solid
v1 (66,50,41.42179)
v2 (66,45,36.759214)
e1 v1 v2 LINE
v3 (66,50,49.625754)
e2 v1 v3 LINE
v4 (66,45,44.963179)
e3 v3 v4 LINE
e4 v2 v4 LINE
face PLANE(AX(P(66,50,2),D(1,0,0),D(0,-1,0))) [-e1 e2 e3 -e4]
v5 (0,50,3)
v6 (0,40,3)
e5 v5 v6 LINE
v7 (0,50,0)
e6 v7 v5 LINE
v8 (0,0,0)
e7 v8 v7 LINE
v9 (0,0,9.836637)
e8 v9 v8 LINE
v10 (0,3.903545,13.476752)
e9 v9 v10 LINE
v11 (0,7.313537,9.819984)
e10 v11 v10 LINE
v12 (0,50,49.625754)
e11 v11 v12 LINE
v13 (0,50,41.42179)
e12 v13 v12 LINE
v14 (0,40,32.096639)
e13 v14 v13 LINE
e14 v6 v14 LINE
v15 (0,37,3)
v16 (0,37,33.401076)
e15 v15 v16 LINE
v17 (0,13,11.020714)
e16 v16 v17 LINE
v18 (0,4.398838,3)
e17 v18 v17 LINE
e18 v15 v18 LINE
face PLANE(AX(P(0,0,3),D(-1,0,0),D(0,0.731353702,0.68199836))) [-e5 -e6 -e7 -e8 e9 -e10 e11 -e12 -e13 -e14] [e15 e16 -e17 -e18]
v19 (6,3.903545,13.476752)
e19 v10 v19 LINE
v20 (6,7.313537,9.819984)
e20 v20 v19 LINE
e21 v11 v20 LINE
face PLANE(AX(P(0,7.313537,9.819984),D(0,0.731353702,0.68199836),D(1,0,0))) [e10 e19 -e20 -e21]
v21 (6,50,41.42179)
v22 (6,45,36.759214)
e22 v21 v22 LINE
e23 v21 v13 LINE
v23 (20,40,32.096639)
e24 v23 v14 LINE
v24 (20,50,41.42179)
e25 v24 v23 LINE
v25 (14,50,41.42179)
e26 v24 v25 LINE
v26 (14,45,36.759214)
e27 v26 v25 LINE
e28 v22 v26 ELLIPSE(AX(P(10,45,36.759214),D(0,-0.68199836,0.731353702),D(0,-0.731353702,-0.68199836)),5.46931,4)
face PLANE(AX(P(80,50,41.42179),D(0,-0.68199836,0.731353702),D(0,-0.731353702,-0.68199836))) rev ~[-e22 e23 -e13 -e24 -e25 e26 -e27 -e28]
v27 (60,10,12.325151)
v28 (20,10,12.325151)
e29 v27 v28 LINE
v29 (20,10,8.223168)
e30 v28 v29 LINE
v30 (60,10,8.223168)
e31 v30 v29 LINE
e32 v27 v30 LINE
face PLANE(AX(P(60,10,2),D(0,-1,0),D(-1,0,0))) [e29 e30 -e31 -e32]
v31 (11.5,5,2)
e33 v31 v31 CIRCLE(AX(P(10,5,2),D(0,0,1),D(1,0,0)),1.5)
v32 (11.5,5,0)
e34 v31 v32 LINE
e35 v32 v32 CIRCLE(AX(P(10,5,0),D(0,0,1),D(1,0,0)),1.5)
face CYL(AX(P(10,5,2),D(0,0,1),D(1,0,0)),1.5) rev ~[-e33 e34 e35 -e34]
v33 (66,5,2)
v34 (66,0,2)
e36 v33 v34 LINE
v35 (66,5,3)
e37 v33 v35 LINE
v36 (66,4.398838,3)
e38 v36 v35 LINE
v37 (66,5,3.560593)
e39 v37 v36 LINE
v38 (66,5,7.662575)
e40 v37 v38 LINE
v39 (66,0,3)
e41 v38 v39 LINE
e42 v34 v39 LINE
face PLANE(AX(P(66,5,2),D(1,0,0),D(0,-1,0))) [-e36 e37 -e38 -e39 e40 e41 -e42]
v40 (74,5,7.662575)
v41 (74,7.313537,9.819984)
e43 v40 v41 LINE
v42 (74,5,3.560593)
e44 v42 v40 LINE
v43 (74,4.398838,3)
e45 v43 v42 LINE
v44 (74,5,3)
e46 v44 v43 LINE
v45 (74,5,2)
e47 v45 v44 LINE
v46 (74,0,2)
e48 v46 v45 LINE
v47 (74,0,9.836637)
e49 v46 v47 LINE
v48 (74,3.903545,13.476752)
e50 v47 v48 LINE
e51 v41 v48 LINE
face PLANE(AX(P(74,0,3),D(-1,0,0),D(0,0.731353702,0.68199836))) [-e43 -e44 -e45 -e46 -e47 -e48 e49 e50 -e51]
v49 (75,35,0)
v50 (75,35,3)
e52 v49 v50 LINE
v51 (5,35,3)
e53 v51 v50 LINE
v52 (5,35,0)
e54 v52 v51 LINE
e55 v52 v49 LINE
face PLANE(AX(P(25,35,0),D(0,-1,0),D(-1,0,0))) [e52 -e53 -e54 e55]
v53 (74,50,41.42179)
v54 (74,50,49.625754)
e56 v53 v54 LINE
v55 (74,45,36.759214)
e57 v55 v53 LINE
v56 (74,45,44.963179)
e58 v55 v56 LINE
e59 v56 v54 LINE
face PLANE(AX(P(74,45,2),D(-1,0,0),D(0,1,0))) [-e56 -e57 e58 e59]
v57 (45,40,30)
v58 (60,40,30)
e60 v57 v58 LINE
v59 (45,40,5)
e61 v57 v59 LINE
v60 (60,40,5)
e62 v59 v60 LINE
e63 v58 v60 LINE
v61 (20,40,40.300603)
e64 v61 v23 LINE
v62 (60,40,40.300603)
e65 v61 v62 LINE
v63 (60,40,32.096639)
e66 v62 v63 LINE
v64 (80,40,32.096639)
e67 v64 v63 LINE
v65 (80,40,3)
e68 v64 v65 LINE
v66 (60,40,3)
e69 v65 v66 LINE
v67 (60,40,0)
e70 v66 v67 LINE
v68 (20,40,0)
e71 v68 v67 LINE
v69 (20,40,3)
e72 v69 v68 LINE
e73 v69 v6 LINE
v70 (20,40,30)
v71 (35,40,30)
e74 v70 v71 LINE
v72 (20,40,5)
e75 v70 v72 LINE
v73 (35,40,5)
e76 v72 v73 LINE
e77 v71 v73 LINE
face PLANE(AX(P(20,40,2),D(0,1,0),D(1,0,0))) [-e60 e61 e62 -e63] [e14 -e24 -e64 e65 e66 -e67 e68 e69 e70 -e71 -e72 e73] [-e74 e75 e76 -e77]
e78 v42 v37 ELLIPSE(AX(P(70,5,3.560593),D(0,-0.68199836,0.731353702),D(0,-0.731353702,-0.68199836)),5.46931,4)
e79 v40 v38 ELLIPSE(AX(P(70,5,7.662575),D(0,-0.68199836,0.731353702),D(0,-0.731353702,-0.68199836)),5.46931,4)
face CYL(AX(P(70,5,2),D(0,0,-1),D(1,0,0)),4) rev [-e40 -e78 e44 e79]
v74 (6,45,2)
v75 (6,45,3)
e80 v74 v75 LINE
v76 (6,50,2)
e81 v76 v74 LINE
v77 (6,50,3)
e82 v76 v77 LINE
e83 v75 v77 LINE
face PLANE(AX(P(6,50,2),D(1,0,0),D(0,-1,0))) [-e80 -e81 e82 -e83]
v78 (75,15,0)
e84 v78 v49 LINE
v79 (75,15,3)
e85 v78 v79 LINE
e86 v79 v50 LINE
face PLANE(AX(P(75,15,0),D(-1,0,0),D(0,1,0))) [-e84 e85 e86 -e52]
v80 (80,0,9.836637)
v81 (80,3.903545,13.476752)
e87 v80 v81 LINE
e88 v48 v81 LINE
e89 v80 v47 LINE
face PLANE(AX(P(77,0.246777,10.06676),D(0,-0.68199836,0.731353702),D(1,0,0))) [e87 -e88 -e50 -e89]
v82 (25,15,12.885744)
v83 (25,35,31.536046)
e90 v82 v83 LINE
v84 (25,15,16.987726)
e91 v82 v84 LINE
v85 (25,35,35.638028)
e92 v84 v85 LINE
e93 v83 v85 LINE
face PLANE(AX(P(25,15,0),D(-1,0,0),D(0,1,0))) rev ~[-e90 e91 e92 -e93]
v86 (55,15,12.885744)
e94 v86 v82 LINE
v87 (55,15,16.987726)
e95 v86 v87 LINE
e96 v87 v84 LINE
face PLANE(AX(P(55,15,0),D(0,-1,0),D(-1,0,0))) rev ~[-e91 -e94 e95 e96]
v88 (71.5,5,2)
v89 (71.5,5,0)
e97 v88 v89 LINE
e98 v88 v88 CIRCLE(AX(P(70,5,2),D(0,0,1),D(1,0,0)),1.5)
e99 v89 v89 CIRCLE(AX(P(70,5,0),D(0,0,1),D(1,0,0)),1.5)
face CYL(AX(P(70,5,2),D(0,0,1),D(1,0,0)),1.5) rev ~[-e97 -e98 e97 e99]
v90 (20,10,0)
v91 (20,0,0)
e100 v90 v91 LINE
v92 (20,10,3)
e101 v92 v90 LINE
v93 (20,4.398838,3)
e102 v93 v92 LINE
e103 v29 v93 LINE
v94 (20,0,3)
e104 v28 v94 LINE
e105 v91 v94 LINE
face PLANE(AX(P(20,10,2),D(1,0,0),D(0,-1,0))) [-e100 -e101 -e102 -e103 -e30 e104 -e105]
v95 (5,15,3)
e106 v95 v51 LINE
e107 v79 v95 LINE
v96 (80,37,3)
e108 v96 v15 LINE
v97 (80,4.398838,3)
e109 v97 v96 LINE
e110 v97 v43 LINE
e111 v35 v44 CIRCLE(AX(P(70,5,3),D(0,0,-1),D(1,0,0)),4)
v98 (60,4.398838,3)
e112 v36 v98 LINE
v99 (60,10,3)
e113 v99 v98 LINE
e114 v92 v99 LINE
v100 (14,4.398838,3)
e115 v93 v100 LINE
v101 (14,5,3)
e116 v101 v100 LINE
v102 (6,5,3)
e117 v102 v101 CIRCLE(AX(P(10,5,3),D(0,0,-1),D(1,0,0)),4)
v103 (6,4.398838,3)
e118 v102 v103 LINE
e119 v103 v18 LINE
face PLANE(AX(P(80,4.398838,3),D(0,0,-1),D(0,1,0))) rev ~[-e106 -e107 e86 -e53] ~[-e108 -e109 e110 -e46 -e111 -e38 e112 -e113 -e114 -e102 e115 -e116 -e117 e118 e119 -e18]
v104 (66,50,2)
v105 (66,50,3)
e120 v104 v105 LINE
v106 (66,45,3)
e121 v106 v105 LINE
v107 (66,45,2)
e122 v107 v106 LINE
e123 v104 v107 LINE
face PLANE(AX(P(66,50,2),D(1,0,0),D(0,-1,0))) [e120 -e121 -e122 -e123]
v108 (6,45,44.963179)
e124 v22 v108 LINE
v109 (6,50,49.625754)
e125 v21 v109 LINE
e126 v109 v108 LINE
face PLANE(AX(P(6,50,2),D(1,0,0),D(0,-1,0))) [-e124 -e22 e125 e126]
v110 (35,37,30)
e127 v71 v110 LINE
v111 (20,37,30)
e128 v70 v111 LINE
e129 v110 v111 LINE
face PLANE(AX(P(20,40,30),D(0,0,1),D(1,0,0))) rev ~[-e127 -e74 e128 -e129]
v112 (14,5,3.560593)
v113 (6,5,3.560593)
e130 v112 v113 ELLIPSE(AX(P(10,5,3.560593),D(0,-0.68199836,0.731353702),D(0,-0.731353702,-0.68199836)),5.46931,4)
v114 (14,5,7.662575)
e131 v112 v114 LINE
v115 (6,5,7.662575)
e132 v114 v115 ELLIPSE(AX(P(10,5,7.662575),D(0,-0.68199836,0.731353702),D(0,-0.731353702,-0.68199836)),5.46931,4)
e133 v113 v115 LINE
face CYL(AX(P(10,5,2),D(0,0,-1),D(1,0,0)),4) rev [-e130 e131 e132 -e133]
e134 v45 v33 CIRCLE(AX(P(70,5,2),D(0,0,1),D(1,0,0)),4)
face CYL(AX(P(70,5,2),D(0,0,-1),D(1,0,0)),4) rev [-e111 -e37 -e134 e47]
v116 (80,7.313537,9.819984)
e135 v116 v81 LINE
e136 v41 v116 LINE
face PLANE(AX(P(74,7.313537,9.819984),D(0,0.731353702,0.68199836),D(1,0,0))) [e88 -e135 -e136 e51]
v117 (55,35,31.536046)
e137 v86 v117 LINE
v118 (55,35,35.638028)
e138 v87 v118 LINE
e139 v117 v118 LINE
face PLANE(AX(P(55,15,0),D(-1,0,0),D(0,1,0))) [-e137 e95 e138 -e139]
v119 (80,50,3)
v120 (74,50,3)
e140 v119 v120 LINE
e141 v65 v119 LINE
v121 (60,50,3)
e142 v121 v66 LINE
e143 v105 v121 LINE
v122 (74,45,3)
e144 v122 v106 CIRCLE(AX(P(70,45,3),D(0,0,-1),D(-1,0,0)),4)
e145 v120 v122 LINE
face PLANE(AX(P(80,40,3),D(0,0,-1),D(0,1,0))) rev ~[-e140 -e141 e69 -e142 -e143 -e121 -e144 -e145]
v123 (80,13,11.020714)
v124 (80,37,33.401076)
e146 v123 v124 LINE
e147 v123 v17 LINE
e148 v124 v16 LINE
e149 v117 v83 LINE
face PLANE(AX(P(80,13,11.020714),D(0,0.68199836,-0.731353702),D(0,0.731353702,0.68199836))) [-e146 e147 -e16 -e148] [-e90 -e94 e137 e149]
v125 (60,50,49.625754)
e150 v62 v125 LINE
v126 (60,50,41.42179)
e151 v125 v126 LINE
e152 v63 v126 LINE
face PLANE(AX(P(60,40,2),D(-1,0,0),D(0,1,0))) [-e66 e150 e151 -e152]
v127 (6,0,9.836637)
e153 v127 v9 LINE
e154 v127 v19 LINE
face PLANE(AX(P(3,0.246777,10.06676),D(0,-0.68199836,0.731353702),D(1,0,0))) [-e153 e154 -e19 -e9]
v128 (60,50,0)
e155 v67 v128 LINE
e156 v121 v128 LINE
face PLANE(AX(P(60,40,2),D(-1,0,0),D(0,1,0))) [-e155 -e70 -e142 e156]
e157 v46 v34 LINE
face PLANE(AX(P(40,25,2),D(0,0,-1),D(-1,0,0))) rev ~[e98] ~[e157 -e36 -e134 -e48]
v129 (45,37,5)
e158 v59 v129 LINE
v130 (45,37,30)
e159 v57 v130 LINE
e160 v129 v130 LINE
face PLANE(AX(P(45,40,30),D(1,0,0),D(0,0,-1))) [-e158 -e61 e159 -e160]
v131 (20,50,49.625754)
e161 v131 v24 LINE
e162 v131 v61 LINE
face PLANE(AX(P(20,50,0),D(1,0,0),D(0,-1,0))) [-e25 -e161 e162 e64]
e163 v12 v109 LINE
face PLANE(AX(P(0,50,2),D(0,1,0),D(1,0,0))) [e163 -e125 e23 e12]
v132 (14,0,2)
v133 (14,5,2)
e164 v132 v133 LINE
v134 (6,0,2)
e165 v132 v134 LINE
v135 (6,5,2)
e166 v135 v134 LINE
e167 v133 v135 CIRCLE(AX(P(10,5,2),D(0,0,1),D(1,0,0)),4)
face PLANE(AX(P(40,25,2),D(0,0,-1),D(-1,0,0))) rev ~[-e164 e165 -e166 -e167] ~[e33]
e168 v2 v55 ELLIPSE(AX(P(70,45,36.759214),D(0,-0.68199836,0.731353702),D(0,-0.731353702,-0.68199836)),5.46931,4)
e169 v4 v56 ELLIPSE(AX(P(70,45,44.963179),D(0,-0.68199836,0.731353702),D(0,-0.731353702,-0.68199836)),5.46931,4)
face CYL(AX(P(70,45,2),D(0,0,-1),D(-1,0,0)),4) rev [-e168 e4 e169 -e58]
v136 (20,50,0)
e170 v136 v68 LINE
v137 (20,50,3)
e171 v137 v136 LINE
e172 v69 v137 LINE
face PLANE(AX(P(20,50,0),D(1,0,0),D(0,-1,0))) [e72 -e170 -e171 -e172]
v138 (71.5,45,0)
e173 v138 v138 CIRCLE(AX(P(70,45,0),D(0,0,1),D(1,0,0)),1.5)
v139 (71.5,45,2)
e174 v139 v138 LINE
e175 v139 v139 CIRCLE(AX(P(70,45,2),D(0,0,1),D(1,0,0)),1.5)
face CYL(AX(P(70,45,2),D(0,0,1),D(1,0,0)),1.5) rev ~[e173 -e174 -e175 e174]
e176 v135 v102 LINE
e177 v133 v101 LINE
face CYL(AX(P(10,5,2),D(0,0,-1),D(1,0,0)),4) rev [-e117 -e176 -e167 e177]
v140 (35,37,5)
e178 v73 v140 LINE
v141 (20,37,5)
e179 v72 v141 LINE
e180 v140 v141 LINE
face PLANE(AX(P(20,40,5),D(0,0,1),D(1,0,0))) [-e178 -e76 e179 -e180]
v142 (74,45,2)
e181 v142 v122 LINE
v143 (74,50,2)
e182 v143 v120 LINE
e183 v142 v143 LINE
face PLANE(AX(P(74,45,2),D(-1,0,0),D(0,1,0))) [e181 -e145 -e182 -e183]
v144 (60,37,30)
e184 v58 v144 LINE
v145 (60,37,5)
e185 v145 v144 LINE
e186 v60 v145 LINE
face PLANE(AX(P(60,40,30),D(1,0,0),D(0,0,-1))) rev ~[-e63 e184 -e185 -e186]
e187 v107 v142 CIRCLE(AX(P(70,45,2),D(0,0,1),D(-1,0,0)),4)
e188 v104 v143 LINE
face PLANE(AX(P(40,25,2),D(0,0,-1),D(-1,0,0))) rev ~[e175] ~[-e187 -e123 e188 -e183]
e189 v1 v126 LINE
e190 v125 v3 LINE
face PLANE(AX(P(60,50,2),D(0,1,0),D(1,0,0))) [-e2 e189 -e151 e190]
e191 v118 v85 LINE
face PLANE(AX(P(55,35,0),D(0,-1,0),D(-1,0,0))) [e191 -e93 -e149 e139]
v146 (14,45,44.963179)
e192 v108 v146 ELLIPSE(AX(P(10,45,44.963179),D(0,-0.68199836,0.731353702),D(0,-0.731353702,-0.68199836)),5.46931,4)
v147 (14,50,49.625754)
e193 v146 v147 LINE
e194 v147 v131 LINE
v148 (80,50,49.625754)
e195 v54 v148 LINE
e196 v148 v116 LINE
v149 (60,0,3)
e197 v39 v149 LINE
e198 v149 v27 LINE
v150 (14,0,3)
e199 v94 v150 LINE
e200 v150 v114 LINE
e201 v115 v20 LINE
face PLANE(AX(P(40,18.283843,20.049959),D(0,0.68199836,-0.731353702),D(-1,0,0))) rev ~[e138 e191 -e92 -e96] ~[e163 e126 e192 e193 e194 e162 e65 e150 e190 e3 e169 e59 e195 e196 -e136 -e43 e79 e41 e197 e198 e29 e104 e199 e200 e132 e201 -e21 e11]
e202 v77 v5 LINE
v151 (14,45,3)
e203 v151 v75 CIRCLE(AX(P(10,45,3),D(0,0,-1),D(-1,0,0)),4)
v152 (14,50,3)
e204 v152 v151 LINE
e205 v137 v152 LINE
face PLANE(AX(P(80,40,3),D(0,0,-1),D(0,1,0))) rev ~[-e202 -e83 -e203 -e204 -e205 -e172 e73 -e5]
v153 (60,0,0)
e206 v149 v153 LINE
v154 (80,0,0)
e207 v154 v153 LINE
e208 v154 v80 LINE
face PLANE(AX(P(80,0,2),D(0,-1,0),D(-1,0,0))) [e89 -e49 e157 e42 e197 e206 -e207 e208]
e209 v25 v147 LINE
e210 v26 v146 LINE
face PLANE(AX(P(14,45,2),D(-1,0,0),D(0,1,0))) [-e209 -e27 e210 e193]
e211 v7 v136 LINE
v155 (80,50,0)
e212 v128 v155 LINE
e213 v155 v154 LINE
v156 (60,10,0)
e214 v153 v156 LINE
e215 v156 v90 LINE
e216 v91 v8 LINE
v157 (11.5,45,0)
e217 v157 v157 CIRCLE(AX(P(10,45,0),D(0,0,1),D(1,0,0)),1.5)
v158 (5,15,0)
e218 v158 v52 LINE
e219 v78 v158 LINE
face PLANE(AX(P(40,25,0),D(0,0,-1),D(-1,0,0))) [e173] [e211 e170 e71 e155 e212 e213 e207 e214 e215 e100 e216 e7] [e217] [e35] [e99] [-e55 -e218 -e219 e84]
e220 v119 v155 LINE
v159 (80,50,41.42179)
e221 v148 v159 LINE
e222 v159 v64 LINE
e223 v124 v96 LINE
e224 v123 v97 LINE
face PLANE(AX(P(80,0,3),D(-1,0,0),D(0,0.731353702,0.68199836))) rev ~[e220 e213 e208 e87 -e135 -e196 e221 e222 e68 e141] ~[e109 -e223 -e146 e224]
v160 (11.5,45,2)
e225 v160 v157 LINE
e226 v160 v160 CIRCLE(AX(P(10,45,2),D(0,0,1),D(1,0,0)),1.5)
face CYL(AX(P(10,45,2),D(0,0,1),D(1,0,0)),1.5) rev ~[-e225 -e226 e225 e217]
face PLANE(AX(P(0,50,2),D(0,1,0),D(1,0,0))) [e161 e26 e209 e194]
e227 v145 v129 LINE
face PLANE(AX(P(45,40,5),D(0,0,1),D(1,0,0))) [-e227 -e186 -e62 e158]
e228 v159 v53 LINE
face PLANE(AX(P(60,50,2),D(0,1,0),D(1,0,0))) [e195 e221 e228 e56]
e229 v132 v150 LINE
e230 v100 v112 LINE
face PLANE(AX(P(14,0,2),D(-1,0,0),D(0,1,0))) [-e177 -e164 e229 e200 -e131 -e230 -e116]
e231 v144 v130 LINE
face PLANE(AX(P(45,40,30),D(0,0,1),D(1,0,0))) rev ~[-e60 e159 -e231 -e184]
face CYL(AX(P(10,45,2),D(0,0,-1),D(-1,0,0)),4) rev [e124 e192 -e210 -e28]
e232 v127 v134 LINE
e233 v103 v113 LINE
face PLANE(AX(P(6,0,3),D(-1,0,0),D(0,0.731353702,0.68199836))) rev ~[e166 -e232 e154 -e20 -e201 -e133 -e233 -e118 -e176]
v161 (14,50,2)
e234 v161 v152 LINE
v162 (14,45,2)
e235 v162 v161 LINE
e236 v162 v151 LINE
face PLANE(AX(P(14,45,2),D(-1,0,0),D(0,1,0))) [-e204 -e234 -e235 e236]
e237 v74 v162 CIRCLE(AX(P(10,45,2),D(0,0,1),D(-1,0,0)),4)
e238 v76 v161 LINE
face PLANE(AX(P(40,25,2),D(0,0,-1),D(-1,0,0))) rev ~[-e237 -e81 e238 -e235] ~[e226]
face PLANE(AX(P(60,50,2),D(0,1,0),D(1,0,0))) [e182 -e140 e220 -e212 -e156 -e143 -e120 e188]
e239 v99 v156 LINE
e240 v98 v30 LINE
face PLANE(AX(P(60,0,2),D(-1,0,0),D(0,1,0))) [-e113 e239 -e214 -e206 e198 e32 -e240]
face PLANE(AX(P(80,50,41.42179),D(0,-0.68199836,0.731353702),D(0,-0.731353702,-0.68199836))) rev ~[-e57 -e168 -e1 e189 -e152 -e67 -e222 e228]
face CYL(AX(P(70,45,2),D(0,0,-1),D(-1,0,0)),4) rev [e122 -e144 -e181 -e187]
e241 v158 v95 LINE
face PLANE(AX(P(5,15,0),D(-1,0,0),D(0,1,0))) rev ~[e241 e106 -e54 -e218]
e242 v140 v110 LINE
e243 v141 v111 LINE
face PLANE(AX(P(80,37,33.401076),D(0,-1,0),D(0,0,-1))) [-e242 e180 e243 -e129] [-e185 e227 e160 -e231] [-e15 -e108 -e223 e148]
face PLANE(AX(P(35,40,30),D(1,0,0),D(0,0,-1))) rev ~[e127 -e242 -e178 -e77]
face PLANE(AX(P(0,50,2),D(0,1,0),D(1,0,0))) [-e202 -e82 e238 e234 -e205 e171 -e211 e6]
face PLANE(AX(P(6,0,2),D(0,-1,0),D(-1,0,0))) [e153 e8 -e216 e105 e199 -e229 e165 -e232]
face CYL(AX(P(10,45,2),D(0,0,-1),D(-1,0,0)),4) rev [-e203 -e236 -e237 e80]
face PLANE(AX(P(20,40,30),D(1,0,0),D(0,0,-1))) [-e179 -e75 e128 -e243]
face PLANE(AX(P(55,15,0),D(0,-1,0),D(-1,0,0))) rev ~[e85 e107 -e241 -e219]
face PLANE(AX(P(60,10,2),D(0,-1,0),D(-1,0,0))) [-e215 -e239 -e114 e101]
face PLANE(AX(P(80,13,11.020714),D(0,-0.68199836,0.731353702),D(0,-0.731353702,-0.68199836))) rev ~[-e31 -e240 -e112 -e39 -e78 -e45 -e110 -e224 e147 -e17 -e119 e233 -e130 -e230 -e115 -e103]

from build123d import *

# Parameters (mm, degrees)
EXTRUDE_2_DEPTH     = 2
SKETCH_3_R          = 1.5
CUT_EXTRUDE_1_DEPTH = 95.361008897
EXTRUDE_3_DEPTH     = 1
DRAFT_4_ANGLE       = 43
SKETCH_6_W          = 6
SKETCH_6_H          = 10
EXTRUDE_4_DEPTH     = 5
SKETCH_7_W          = 6
SKETCH_7_H          = 10
EXTRUDE_5_DEPTH     = 5
CUT_EXTRUDE_2_DEPTH = 107.596038813
CUT_EXTRUDE_4_DEPTH = 107.596038813
CUT_EXTRUDE_5_DEPTH = 107.596038813
CUT_EXTRUDE_6_DEPTH = 107.596038813
SKETCH_15_W         = 30
SKETCH_15_H         = 20
CUT_EXTRUDE_7_DEPTH = 107.596038813
SKETCH_16_W         = 20
SKETCH_16_H         = 20
CUT_EXTRUDE_8_DEPTH = 5
SKETCH_17_W         = 15
SKETCH_17_H         = 25
CUT_EXTRUDE_9_DEPTH = 5


with BuildPart() as part:
    # 草图1 → 凸台-拉伸2 (new body)
    with BuildSketch(Plane.XY):
        Polygon((0, 0), (0, 50), (20, 50), (20, 40), (60, 40), (60, 50), (80, 50), (80, 0), (60, 0), (60, 10), (20, 10), (20, 0), align=None)
    extrude(amount=EXTRUDE_2_DEPTH)

    # 草图3 → 切除-拉伸1 (cut, through all)
    with BuildSketch(Plane.XY.offset(2)):
        with Locations((10, 45)):
            Circle(SKETCH_3_R)
        with Locations((10, 5)):
            Circle(SKETCH_3_R)
        with Locations((70, 45)):
            Circle(SKETCH_3_R)
        with Locations((70, 5)):
            Circle(SKETCH_3_R)
    extrude(amount=-CUT_EXTRUDE_1_DEPTH, mode=Mode.SUBTRACT)

    # 草图5 → 凸台-拉伸3 (add)
    with BuildSketch(Plane.XY.offset(2)):
        with BuildLine():
            Line((0, 50), (6, 50))
            Line((6, 50), (6, 45))
            ThreePointArc((6, 45), (10, 41), (14, 45))
            Line((14, 45), (14, 50))
            Line((14, 50), (20, 50))
            Line((20, 50), (20, 40))
            Line((20, 40), (60, 40))
            Line((60, 40), (60, 50))
            Line((60, 50), (66, 50))
            Line((66, 50), (66, 45))
            ThreePointArc((66, 45), (70, 41), (74, 45))
            Line((74, 45), (74, 50))
            Line((74, 50), (80, 50))
            Line((80, 50), (80, 0))
            Line((80, 0), (74, 0))
            Line((74, 0), (74, 5))
            ThreePointArc((74, 5), (70, 9), (66, 5))
            Line((66, 5), (66, 0))
            Line((66, 0), (60, 0))
            Line((60, 0), (60, 10))
            Line((60, 10), (20, 10))
            Line((20, 10), (20, 0))
            Line((20, 0), (14, 0))
            Line((14, 0), (14, 5))
            ThreePointArc((14, 5), (10, 9), (6, 5))
            Line((6, 5), (6, 0))
            Line((6, 0), (0, 0))
            Line((0, 0), (0, 50))
        make_face()
    extrude(amount=EXTRUDE_3_DEPTH)

    # 拔模4
    draft_4_faces = [part.faces().sort_by_distance(p)[0] for p in [
        (40, 25, 3),
    ]]
    draft(draft_4_faces, Plane(origin=(20, 0, 2), x_dir=(-1, 0, 0), z_dir=(0, -1, 0)), DRAFT_4_ANGLE)

    # 草图6 → 凸台-拉伸4 (add)
    with BuildSketch(Plane(origin=(0, -1.496346075, 1.604634711), x_dir=(1, 0, 0), z_dir=(0, -0.6819983600624997, 0.7313537016191695))):
        with Locations((3, 7.04599508)):
            Rectangle(SKETCH_6_W, SKETCH_6_H)
    extrude(amount=EXTRUDE_4_DEPTH)

    # 草图7 → 凸台-拉伸5 (add)
    with BuildSketch(Plane(origin=(0, -1.496346075, 1.604634711), x_dir=(1, 0, 0), z_dir=(0, -0.6819983600624997, 0.7313537016191695))):
        with Locations((77, 7.04599508)):
            Rectangle(SKETCH_7_W, SKETCH_7_H)
    extrude(amount=EXTRUDE_5_DEPTH)

    # 草图8 → 切除-拉伸2 (cut, through all)
    with BuildSketch(Plane(origin=(80, 0, 0), x_dir=(0, 0, -1), z_dir=(1, 0, 0))):
        Polygon((-3, 0), (-9.836637305, 0), (-6.656768508, -3.4099918), align=None)
    extrude(amount=-CUT_EXTRUDE_2_DEPTH, mode=Mode.SUBTRACT)

    # 草图11 → 切除-拉伸4 (cut, through all)
    with BuildSketch(Plane(origin=(80, 0, 0), x_dir=(0, 0, -1), z_dir=(1, 0, 0))):
        Polygon((-3, 37), (-3, 13), (-11.020713736, 13), (-33.401075804, 37), align=None)
    extrude(amount=-CUT_EXTRUDE_4_DEPTH, mode=Mode.SUBTRACT)

    # 草图12 → 切除-拉伸5 (cut, through all)
    with BuildSketch(Plane(origin=(80, 0, 0), x_dir=(0, 0, -1), z_dir=(1, 0, 0))):
        Polygon((-3, 50), (-41.42178954, 50), (-32.096638679, 40), (-3, 40), align=None)
    extrude(amount=-CUT_EXTRUDE_5_DEPTH, mode=Mode.SUBTRACT)

    # 草图14 → 切除-拉伸6 (cut, through all)
    with BuildSketch(Plane(origin=(80, 0, 0), x_dir=(0, 0, -1), z_dir=(1, 0, 0))):
        Polygon((-11.020713736, 13), (-3, 4.398837557), (-3, 13), align=None)
    extrude(amount=-CUT_EXTRUDE_6_DEPTH, mode=Mode.SUBTRACT)

    # 草图15 → 切除-拉伸7 (cut, through all)
    with BuildSketch(Plane(origin=(0, 0, 0), x_dir=(-1, 0, 0), z_dir=(0, 0, -1))):
        with Locations((-40, 25)):
            Rectangle(SKETCH_15_W, SKETCH_15_H)
    extrude(amount=-CUT_EXTRUDE_7_DEPTH, mode=Mode.SUBTRACT)

    # 草图16 → 切除-拉伸8 (cut)
    with BuildSketch(Plane(origin=(0, 0, 0), x_dir=(-1, 0, 0), z_dir=(0, 0, -1))):
        with Locations((-15, 25)):
            Rectangle(SKETCH_16_W, SKETCH_16_H)
        with Locations((-65, 25)):
            Rectangle(SKETCH_16_W, SKETCH_16_H)
    extrude(amount=-CUT_EXTRUDE_8_DEPTH, mode=Mode.SUBTRACT)

    # 草图17 → 切除-拉伸9 (cut)
    with BuildSketch(Plane(origin=(0, 40, 0), x_dir=(1, 0, 0), z_dir=(0, 1, 0))):
        with Locations((52.5, -17.5)):
            Rectangle(SKETCH_17_W, SKETCH_17_H)
        with Locations((27.5, -17.5)):
            Rectangle(SKETCH_17_W, SKETCH_17_H)
    extrude(amount=-CUT_EXTRUDE_9_DEPTH, mode=Mode.SUBTRACT)


solid = part.part
